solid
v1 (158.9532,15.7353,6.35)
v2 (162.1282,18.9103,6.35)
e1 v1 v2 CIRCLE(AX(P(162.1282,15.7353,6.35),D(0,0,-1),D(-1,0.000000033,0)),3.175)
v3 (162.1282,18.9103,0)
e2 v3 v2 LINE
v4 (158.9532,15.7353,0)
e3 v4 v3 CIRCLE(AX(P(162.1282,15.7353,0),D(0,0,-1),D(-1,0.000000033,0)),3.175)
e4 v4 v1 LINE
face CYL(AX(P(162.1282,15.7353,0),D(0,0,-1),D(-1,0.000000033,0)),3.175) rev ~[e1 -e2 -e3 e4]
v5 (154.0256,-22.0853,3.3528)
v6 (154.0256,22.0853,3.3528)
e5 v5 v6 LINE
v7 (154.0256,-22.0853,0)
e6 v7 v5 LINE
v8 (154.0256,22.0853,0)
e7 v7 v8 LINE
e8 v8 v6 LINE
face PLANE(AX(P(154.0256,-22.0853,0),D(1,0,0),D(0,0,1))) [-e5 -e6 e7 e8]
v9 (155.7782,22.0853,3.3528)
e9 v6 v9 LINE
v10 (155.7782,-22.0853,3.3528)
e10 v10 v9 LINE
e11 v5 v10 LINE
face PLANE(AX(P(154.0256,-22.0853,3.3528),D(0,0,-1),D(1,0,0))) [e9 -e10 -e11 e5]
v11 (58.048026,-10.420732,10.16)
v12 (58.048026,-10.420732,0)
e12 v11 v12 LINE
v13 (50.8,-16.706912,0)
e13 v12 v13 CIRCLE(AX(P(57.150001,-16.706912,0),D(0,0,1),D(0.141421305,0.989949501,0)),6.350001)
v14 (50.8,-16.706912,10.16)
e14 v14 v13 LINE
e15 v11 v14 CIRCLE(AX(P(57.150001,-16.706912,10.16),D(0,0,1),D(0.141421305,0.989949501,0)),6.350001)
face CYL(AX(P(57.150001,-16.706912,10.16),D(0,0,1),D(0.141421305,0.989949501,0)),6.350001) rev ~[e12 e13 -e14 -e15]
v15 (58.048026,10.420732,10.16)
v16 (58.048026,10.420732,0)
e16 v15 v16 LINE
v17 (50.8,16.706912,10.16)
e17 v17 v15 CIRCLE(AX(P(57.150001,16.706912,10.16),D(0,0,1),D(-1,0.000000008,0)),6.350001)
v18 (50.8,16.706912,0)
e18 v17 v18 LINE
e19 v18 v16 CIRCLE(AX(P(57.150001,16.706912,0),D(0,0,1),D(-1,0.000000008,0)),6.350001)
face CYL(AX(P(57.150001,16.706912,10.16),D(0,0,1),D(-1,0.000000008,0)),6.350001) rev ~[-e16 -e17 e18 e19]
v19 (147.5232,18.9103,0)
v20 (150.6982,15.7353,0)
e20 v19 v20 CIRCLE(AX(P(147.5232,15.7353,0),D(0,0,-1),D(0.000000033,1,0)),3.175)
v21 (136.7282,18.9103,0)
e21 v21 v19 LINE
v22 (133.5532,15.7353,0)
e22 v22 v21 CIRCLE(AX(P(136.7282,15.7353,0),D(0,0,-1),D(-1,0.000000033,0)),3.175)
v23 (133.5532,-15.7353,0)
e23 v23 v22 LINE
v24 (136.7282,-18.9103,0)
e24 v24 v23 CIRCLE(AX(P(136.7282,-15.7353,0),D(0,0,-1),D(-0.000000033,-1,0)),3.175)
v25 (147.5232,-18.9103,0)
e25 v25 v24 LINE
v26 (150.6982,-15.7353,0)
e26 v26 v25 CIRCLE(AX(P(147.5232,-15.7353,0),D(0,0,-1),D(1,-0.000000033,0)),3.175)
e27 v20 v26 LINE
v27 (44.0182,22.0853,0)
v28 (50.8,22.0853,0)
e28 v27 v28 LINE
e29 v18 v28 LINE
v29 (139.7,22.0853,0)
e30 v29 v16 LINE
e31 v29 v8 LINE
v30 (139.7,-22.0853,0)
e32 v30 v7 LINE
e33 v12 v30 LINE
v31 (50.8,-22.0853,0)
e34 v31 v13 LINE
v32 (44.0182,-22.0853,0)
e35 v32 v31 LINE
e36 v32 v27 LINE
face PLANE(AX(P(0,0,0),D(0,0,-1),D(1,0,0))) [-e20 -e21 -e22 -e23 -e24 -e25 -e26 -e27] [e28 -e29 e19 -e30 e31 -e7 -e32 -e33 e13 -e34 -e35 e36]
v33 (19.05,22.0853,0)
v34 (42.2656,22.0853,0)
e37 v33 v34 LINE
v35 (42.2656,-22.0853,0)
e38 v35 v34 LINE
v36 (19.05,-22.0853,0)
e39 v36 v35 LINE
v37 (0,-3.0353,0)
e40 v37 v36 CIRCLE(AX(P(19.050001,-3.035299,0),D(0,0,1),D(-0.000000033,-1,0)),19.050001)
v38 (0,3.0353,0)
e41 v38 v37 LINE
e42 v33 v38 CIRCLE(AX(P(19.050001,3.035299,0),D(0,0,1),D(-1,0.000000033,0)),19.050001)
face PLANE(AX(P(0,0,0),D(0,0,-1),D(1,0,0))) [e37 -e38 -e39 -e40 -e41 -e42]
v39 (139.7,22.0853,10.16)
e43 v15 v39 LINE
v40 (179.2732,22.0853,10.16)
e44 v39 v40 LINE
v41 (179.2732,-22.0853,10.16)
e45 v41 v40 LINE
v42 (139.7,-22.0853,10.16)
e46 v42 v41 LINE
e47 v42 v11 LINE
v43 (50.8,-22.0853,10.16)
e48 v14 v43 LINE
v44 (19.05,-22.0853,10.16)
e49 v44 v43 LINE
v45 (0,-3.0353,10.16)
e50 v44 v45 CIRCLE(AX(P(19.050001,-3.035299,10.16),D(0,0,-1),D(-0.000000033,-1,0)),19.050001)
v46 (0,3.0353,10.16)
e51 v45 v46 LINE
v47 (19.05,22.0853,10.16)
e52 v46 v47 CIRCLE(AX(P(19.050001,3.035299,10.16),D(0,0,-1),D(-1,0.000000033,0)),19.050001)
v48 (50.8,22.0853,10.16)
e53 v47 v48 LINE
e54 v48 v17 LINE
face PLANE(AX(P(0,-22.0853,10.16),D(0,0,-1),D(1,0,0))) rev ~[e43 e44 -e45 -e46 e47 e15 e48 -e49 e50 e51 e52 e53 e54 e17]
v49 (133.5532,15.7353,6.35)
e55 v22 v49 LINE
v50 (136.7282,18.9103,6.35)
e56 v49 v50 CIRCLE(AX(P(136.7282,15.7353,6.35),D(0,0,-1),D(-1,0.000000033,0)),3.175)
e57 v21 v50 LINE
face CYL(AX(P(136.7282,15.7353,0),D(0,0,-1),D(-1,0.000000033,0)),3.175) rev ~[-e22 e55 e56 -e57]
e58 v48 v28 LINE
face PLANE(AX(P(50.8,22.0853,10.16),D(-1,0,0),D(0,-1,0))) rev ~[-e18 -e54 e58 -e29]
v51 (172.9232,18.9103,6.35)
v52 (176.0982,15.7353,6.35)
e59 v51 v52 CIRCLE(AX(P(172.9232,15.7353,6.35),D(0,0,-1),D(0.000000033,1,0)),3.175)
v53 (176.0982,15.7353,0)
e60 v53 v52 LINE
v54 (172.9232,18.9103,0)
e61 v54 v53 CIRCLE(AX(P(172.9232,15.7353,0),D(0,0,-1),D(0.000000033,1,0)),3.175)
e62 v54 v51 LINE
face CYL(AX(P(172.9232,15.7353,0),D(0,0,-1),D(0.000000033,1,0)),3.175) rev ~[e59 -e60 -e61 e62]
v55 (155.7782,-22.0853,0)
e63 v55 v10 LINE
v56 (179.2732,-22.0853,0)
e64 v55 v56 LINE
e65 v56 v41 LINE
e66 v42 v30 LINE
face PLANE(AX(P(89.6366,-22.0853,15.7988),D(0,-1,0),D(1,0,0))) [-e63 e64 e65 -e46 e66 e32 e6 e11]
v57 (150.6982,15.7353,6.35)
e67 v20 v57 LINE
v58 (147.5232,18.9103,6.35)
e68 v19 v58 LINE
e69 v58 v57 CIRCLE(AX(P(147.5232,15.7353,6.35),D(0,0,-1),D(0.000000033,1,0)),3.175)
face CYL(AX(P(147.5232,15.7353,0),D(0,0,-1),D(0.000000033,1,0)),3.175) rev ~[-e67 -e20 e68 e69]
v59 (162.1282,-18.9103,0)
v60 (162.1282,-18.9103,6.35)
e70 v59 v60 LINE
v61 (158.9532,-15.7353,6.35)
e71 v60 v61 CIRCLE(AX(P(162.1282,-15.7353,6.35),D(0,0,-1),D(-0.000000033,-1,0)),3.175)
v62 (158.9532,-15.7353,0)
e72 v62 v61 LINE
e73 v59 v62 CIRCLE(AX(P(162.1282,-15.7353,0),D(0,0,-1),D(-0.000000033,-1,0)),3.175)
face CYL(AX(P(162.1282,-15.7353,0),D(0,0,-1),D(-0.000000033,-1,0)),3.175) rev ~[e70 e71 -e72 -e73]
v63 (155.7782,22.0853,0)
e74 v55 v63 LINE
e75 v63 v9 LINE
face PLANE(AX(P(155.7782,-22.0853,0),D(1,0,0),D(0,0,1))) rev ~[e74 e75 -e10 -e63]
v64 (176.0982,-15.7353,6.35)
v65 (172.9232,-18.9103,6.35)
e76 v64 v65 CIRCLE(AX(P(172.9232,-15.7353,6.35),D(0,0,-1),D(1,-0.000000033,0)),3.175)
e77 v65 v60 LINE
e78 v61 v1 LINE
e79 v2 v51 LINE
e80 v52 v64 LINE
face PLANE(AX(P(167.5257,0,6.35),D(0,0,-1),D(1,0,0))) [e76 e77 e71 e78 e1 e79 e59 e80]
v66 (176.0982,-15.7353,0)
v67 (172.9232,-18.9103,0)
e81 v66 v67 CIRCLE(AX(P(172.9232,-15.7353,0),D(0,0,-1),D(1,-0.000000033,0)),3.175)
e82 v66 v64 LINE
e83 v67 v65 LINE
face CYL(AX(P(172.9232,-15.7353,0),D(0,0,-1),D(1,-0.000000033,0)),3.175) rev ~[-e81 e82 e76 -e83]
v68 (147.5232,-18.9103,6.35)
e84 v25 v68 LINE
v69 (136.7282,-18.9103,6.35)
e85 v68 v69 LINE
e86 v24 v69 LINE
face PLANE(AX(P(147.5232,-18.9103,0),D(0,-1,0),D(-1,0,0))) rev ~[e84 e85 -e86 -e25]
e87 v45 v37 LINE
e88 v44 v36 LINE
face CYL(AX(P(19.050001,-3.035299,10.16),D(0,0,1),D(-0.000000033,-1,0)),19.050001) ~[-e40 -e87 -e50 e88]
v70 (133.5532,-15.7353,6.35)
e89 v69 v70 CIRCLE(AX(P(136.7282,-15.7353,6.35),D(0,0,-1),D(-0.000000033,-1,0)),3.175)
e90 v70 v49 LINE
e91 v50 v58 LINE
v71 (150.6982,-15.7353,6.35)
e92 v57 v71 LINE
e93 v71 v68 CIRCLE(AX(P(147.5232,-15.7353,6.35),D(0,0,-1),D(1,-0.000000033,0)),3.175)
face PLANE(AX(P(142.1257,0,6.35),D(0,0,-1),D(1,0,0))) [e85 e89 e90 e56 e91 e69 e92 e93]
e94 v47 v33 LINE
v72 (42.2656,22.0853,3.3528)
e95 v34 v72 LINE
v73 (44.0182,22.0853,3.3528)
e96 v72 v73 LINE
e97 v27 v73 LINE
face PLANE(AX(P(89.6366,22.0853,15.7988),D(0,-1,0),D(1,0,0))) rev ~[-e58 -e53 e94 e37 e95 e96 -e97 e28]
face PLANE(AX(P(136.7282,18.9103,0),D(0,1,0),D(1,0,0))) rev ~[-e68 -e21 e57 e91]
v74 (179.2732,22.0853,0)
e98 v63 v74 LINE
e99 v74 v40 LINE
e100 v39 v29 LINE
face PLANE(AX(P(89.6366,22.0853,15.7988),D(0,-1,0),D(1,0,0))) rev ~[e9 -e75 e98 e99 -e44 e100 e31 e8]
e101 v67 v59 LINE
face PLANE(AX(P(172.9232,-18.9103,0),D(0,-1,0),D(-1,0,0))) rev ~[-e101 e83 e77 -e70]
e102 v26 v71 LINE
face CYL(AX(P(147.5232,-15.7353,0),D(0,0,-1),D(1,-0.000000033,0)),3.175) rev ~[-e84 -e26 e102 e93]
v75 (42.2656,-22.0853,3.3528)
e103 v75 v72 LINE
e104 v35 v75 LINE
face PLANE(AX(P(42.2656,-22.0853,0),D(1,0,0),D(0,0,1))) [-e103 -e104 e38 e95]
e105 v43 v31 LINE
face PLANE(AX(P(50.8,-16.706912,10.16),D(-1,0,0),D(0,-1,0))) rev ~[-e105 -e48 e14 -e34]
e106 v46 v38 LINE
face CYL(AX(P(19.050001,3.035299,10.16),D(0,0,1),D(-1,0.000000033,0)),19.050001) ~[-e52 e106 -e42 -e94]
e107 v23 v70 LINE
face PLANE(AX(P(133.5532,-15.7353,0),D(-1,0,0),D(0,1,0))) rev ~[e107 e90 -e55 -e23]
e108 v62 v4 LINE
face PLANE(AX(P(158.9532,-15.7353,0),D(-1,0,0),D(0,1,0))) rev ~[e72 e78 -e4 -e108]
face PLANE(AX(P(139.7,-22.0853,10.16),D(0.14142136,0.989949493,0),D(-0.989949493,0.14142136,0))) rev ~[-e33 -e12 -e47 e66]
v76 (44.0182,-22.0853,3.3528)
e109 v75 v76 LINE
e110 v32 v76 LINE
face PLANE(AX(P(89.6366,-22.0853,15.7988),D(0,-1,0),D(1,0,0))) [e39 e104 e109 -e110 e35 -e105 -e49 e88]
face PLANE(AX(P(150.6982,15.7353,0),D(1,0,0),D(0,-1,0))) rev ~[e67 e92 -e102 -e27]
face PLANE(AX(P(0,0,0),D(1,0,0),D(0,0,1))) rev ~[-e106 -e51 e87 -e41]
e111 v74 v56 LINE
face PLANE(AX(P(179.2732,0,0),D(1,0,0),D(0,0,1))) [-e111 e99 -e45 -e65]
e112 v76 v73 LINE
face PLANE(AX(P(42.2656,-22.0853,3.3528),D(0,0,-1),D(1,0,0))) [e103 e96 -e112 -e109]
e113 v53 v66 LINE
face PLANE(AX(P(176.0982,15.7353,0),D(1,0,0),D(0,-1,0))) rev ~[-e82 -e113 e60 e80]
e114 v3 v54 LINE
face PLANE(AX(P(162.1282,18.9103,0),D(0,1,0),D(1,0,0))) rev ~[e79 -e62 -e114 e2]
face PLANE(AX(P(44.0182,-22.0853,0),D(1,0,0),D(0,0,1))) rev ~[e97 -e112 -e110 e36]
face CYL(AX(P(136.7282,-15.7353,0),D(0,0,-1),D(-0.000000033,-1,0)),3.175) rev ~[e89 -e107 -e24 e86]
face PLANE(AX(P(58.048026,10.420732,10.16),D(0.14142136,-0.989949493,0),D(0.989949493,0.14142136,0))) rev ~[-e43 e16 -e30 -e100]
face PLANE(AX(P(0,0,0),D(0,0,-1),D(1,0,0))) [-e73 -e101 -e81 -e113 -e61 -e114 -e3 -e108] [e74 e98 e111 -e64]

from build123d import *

# Parameters (mm, degrees)
F0_W      = 179.2732
F0_H      = 31.5976
F1_DEPTH  = 22.0853
F2_W      = 1.7526
F2_H      = 3.3528
F3_DEPTH  = 44.1716
F4_W      = 179.2732
F4_H      = 21.4376
F5_DEPTH  = 44.1716
F7_DEPTH  = 10.161
F9_DEPTH  = 6.35
F11_DEPTH = 10.161


with BuildPart() as f1:
    # F0 (on Front) → F1 (new body, symmetric)
    with BuildSketch(Plane.XZ):
        with Locations((89.6366, 15.7988)):
            Rectangle(F0_W, F0_H)
    extrude(amount=F1_DEPTH, both=True)

    # F2 (on face) → F3 (cut, through all)
    with BuildSketch(Plane.XZ.offset(22.0853)):
        with Locations((43.1419, 1.6764)):
            Rectangle(F2_W, F2_H)
        with Locations((154.9019, 1.6764)):
            Rectangle(F2_W, F2_H)
    extrude(amount=-F3_DEPTH, mode=Mode.SUBTRACT)

    # F4 (on face) → F5 (cut, through all)
    with BuildSketch(Plane.XZ.offset(22.0853)):
        with Locations((89.6366, 20.8788)):
            Rectangle(F4_W, F4_H)
    extrude(amount=-F5_DEPTH, mode=Mode.SUBTRACT)

    # F6 (on face) → F7 (cut, through all)
    with BuildSketch(Plane.XY.offset(10.16)):
        with BuildLine():
            Line((58.048026, 10.420732), (139.7, 22.0853))
            Line((139.7, 22.0853), (50.8, 22.0853))
            Line((50.8, 22.0853), (50.8, 16.706912))
            ThreePointArc((50.8, 16.706912), (52.989469, 11.909779), (58.048026, 10.420732))
        make_face()
        with BuildLine():
            Line((139.7, -22.0853), (58.048026, -10.420732))
            ThreePointArc((58.048026, -10.420732), (52.989469, -11.909779), (50.8, -16.706912))
            Line((50.8, -16.706912), (50.8, -22.0853))
            Line((50.8, -22.0853), (139.7, -22.0853))
        make_face()
    extrude(amount=-F7_DEPTH, mode=Mode.SUBTRACT)

    # F8 (on face) → F9 (cut)
    with BuildSketch(Plane(origin=(0, 0, 0), x_dir=(1, 0, 0), z_dir=(0, 0, -1))):
        with BuildLine():
            Line((172.9232, 18.9103), (162.1282, 18.9103))
            ThreePointArc((162.1282, 18.9103), (159.883136, 17.980364), (158.9532, 15.7353))
            Line((158.9532, 15.7353), (158.9532, -15.7353))
            ThreePointArc((158.9532, -15.7353), (159.883136, -17.980364), (162.1282, -18.9103))
            Line((162.1282, -18.9103), (172.9232, -18.9103))
            ThreePointArc((172.9232, -18.9103), (175.168264, -17.980364), (176.0982, -15.7353))
            Line((176.0982, -15.7353), (176.0982, 15.7353))
            ThreePointArc((176.0982, 15.7353), (175.168264, 17.980364), (172.9232, 18.9103))
        make_face()
        with BuildLine():
            Line((147.5232, 18.9103), (136.7282, 18.9103))
            ThreePointArc((136.7282, 18.9103), (134.483136, 17.980364), (133.5532, 15.7353))
            Line((133.5532, 15.7353), (133.5532, -15.7353))
            ThreePointArc((133.5532, -15.7353), (134.483136, -17.980364), (136.7282, -18.9103))
            Line((136.7282, -18.9103), (147.5232, -18.9103))
            ThreePointArc((147.5232, -18.9103), (149.768264, -17.980364), (150.6982, -15.7353))
            Line((150.6982, -15.7353), (150.6982, 15.7353))
            ThreePointArc((150.6982, 15.7353), (149.768264, 17.980364), (147.5232, 18.9103))
        make_face()
    extrude(amount=-F9_DEPTH, mode=Mode.SUBTRACT)

    # F10 (on face) → F11 (cut, through all)
    with BuildSketch(Plane.XY.offset(10.16)):
        with BuildLine():
            ThreePointArc((0, 3.0353), (5.579616, 16.505684), (19.05, 22.0853))
            Line((19.05, 22.0853), (0, 22.0853))
            Line((0, 22.0853), (0, 3.0353))
        make_face()
        with BuildLine():
            ThreePointArc((19.05, -22.0853), (5.579616, -16.505684), (0, -3.0353))
            Line((0, -3.0353), (0, -22.0853))
            Line((0, -22.0853), (19.05, -22.0853))
        make_face()
    extrude(amount=-F11_DEPTH, mode=Mode.SUBTRACT)


solid = f1.part
